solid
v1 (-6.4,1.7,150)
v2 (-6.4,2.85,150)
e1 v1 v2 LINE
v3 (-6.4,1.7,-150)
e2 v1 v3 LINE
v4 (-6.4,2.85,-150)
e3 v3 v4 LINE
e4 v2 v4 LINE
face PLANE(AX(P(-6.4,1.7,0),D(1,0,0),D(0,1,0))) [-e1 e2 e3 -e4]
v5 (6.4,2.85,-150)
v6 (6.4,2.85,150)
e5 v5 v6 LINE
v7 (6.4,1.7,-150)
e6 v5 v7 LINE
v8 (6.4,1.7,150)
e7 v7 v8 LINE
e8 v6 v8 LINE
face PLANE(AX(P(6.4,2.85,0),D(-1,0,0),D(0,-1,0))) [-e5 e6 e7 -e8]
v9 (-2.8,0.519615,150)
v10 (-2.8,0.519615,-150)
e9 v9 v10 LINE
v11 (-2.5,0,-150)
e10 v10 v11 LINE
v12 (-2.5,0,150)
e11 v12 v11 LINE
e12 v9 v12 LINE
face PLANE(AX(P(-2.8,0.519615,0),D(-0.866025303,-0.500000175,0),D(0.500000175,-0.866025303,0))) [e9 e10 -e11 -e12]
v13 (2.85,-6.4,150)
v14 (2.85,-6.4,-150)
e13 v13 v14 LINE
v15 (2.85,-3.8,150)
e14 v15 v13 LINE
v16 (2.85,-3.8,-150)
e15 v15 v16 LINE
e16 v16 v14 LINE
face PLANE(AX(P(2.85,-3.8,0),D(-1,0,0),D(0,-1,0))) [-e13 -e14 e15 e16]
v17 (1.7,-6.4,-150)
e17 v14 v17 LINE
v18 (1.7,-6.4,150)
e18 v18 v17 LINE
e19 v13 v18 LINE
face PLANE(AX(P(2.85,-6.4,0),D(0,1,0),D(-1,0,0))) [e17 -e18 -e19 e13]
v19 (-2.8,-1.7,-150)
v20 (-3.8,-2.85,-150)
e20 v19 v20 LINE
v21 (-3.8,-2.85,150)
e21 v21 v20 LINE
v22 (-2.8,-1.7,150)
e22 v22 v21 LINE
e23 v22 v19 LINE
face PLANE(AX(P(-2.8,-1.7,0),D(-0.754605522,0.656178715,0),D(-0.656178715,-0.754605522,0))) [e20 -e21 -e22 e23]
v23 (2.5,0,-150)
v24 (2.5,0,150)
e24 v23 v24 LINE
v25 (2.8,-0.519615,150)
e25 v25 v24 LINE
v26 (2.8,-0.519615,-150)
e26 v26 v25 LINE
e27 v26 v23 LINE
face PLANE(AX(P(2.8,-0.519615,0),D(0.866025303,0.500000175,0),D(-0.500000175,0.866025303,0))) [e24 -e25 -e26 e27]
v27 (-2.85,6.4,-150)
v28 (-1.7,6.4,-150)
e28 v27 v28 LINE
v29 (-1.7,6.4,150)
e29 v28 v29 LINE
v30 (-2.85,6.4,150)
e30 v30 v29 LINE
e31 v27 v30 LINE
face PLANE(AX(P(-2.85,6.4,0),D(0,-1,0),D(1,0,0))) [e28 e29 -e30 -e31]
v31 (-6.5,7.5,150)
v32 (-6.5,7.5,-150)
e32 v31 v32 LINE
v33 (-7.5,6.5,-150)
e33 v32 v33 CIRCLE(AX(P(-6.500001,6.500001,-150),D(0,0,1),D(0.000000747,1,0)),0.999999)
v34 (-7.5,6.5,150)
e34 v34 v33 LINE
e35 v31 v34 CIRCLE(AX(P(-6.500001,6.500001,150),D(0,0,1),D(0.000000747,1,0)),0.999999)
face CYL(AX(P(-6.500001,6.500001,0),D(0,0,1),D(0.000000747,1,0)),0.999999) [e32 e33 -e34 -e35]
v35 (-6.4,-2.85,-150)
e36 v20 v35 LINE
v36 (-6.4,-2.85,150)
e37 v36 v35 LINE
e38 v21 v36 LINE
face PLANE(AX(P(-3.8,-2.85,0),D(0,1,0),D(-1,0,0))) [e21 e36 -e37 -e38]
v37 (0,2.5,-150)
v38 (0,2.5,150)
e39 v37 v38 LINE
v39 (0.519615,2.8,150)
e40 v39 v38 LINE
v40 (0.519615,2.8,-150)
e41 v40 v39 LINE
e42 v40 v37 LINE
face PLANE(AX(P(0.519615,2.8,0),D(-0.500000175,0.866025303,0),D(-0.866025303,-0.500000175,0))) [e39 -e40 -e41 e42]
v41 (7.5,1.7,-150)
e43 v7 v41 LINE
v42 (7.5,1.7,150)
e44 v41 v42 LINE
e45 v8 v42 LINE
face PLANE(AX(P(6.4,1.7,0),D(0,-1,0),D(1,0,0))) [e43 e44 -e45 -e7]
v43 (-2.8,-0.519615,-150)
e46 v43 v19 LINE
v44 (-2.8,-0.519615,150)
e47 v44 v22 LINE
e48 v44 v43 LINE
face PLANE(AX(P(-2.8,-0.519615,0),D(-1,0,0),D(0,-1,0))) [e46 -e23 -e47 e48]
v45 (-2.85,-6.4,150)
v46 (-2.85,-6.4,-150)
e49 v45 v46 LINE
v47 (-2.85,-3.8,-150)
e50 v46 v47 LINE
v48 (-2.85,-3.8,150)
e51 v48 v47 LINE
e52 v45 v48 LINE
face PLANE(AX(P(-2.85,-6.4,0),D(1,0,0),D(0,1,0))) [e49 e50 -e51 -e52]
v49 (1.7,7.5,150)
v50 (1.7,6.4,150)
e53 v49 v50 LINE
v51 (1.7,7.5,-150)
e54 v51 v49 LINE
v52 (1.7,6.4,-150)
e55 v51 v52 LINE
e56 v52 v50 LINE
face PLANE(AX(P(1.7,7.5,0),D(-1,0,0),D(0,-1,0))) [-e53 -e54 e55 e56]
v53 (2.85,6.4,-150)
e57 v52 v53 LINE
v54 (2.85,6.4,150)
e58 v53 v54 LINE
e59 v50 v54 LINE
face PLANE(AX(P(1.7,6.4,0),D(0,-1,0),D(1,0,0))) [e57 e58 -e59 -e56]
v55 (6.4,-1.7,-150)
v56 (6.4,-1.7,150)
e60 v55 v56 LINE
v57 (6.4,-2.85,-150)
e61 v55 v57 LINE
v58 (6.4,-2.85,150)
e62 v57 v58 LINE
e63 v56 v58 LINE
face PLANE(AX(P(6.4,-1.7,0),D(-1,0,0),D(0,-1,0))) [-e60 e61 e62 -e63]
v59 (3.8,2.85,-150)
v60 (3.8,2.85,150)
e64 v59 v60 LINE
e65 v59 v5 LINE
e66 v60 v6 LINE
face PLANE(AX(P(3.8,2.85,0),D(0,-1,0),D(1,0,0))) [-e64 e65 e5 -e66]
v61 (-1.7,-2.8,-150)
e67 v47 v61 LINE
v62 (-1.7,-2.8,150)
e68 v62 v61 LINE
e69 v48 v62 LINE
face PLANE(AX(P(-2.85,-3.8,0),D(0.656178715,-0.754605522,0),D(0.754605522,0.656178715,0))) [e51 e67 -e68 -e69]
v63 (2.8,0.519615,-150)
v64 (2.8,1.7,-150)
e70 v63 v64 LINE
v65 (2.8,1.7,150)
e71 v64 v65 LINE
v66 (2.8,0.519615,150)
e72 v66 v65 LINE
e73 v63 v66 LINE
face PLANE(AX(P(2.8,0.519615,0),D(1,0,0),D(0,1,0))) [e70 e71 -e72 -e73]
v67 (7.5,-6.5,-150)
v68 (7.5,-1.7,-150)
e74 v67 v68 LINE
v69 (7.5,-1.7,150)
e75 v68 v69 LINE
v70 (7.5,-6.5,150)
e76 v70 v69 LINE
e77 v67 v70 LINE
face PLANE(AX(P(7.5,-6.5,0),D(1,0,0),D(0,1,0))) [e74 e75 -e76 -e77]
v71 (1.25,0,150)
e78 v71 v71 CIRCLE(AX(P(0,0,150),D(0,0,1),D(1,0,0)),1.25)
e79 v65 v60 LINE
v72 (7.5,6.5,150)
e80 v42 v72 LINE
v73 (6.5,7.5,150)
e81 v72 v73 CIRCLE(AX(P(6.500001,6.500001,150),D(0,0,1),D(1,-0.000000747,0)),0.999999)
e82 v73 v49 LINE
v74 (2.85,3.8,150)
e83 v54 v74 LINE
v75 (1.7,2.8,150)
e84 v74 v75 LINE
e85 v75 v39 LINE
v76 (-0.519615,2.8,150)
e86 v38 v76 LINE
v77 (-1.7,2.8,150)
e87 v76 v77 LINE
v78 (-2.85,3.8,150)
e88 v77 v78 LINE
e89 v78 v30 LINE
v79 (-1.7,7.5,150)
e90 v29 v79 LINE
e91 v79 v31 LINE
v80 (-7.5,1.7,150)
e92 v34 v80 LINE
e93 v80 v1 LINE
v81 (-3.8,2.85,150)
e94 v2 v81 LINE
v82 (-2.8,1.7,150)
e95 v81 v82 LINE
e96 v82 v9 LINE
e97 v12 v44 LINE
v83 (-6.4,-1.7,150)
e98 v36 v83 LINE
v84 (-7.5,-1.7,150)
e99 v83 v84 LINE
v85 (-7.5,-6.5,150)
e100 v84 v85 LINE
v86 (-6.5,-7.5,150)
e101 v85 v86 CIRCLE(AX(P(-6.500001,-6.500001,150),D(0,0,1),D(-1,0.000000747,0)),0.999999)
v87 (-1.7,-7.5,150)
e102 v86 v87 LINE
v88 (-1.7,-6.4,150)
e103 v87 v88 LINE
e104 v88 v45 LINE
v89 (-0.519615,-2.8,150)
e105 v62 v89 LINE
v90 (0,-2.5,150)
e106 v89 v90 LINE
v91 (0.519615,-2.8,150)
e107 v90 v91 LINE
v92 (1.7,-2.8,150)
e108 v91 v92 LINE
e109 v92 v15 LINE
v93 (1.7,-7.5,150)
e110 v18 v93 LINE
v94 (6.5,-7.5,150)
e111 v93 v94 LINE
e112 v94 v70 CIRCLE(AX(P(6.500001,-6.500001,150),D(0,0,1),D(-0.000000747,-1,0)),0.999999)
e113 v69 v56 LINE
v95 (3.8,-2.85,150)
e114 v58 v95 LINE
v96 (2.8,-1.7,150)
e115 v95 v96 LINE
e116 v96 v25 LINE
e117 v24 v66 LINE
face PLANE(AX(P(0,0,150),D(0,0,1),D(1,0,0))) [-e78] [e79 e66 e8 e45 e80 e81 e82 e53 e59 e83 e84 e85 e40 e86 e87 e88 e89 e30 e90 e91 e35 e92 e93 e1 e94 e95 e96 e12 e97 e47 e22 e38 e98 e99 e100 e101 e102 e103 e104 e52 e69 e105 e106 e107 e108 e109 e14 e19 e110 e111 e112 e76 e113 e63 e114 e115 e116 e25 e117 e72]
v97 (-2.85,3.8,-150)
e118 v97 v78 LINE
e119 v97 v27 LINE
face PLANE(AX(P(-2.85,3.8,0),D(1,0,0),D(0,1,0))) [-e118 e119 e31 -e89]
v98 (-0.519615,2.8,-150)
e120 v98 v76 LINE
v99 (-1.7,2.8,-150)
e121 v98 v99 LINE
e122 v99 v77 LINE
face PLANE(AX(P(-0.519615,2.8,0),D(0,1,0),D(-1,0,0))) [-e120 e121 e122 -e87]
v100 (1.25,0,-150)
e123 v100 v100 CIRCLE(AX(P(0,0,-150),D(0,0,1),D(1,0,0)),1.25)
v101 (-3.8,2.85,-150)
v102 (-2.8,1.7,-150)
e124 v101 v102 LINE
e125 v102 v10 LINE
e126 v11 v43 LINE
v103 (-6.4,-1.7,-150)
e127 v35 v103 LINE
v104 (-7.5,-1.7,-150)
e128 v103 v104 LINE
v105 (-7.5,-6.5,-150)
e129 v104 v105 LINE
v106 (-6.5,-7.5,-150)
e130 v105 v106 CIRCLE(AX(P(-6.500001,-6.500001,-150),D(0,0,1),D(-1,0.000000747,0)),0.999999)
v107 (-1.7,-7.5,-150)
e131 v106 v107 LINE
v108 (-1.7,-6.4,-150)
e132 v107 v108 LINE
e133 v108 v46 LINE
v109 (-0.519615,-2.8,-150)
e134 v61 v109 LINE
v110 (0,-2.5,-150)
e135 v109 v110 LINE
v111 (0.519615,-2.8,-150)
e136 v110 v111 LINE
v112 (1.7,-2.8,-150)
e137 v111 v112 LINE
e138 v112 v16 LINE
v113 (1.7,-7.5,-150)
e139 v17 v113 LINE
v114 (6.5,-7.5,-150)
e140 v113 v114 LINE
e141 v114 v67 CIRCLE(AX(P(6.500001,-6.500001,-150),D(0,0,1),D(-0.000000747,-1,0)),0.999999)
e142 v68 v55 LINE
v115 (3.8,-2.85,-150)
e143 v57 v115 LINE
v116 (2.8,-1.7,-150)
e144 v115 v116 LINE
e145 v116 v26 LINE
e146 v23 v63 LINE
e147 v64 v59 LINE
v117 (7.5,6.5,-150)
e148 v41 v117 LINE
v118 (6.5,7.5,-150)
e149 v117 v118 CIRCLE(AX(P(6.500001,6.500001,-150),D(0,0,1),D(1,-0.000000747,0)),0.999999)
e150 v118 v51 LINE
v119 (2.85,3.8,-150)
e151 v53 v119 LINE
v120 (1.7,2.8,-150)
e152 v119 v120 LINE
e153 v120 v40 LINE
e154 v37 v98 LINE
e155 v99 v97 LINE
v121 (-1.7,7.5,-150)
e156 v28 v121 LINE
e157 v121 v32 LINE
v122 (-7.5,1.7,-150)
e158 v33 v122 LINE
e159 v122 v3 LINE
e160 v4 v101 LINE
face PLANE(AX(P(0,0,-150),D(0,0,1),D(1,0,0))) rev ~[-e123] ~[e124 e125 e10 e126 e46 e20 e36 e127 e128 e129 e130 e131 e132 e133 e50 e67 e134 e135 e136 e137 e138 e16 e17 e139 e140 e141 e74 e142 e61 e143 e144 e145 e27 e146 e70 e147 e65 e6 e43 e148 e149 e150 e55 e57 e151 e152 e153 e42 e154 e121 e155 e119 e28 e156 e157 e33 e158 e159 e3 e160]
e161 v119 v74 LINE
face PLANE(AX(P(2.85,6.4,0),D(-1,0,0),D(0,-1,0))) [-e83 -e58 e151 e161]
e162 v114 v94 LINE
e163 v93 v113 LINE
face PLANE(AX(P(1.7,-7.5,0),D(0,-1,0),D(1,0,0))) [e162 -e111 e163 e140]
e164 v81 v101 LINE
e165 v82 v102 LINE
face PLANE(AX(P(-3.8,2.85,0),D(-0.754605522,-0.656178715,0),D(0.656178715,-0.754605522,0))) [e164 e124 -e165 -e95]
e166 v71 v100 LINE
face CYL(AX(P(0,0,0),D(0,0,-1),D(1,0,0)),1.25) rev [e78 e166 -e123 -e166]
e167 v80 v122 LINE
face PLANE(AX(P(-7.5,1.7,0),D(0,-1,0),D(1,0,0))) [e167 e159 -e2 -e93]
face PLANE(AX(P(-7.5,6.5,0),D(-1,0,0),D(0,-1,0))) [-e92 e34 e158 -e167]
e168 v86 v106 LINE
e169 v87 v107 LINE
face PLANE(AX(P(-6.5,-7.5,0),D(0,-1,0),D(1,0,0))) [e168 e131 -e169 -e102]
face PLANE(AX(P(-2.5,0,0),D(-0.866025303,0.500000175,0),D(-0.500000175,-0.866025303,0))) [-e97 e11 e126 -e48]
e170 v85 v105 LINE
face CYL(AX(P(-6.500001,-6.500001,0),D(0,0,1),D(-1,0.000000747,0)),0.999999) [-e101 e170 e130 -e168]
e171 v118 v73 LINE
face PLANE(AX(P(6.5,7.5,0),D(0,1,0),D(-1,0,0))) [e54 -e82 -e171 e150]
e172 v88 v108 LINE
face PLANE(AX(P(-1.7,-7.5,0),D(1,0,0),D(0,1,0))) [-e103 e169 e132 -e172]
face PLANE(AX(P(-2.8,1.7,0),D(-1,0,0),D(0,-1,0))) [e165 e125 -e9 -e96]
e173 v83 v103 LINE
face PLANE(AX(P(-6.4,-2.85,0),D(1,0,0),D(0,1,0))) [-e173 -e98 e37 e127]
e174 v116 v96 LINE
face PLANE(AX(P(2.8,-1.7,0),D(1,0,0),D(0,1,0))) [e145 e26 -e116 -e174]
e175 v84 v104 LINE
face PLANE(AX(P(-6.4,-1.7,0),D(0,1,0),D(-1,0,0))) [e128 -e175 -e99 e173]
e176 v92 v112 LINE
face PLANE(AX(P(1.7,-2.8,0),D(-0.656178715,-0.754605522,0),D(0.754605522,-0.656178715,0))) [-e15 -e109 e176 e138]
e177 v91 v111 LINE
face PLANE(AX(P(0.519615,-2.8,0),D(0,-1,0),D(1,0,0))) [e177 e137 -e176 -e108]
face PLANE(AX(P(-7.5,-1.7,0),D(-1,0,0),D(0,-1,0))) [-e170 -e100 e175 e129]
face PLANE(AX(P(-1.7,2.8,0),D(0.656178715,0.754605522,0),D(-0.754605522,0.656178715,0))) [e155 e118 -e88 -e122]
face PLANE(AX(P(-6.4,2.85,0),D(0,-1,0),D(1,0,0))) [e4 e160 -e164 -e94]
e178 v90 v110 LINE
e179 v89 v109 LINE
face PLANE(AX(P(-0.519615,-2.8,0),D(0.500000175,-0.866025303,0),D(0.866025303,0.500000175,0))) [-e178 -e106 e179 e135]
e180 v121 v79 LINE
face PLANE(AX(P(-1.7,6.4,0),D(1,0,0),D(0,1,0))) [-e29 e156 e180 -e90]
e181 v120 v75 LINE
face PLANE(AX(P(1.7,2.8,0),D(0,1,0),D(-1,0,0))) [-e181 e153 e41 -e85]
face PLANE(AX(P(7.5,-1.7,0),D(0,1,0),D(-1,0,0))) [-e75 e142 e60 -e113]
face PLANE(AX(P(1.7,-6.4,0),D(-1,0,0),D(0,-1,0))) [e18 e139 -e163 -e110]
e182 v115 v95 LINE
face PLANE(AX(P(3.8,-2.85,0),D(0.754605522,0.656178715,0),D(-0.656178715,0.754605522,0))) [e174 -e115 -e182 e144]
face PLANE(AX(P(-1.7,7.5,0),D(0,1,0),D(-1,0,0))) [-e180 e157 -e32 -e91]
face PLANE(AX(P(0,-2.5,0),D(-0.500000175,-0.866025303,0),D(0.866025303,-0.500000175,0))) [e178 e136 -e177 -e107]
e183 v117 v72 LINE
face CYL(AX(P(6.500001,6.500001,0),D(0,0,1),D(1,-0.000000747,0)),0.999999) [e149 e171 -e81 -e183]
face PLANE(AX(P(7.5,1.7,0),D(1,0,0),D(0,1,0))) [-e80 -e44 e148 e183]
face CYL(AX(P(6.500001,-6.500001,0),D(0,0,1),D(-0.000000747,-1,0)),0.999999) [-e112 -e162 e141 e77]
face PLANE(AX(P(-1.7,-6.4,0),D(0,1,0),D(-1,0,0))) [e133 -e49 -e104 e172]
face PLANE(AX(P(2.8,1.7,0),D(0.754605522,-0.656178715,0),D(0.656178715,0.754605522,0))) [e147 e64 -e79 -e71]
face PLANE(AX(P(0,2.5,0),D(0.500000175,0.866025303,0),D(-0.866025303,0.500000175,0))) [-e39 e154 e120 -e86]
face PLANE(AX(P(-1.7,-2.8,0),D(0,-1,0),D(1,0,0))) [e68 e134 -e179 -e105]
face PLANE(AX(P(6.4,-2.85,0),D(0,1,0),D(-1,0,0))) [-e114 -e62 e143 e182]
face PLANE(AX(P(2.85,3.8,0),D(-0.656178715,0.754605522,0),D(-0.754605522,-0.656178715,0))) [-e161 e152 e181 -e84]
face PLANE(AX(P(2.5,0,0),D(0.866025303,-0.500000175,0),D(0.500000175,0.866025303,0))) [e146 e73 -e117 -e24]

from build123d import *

# Parameters (mm, degrees)
F0_R     = 1.25
F1_DEPTH = 150


with BuildPart() as f1:
    # F0 (on Top) → F1 (new body, symmetric)
    with BuildSketch(Plane.XY):
        with BuildLine():
            Line((1.7, -7.5), (6.5, -7.5))
            ThreePointArc((6.5, -7.5), (7.207107, -7.207107), (7.5, -6.5))
            Line((7.5, -6.5), (7.5, -1.7))
            Line((7.5, -1.7), (6.4, -1.7))
            Line((6.4, -1.7), (6.4, -2.85))
            Line((6.4, -2.85), (3.8, -2.85))
            Line((3.8, -2.85), (2.8, -1.7))
            Line((2.8, -1.7), (2.8, -0.519615))
            Line((2.8, -0.519615), (2.5, 0))
            Line((2.5, 0), (2.8, 0.519615))
            Line((2.8, 0.519615), (2.8, 1.7))
            Line((2.8, 1.7), (3.8, 2.85))
            Line((3.8, 2.85), (6.4, 2.85))
            Line((6.4, 2.85), (6.4, 1.7))
            Line((6.4, 1.7), (7.5, 1.7))
            Line((7.5, 1.7), (7.5, 6.5))
            ThreePointArc((7.5, 6.5), (7.207107, 7.207107), (6.5, 7.5))
            Line((6.5, 7.5), (1.7, 7.5))
            Line((1.7, 7.5), (1.7, 6.4))
            Line((1.7, 6.4), (2.85, 6.4))
            Line((2.85, 6.4), (2.85, 3.8))
            Line((2.85, 3.8), (1.7, 2.8))
            Line((1.7, 2.8), (0.519615, 2.8))
            Line((0.519615, 2.8), (0, 2.5))
            Line((0, 2.5), (-0.519615, 2.8))
            Line((-0.519615, 2.8), (-1.7, 2.8))
            Line((-1.7, 2.8), (-2.85, 3.8))
            Line((-2.85, 3.8), (-2.85, 6.4))
            Line((-2.85, 6.4), (-1.7, 6.4))
            Line((-1.7, 6.4), (-1.7, 7.5))
            Line((-1.7, 7.5), (-6.5, 7.5))
            ThreePointArc((-6.5, 7.5), (-7.207107, 7.207107), (-7.5, 6.5))
            Line((-7.5, 6.5), (-7.5, 1.7))
            Line((-7.5, 1.7), (-6.4, 1.7))
            Line((-6.4, 1.7), (-6.4, 2.85))
            Line((-6.4, 2.85), (-3.8, 2.85))
            Line((-3.8, 2.85), (-2.8, 1.7))
            Line((-2.8, 1.7), (-2.8, 0.519615))
            Line((-2.8, 0.519615), (-2.5, 0))
            Line((-2.5, 0), (-2.8, -0.519615))
            Line((-2.8, -0.519615), (-2.8, -1.7))
            Line((-2.8, -1.7), (-3.8, -2.85))
            Line((-3.8, -2.85), (-6.4, -2.85))
            Line((-6.4, -2.85), (-6.4, -1.7))
            Line((-6.4, -1.7), (-7.5, -1.7))
            Line((-7.5, -1.7), (-7.5, -6.5))
            ThreePointArc((-7.5, -6.5), (-7.207107, -7.207107), (-6.5, -7.5))
            Line((-6.5, -7.5), (-1.7, -7.5))
            Line((-1.7, -7.5), (-1.7, -6.4))
            Line((-1.7, -6.4), (-2.85, -6.4))
            Line((-2.85, -6.4), (-2.85, -3.8))
            Line((-2.85, -3.8), (-1.7, -2.8))
            Line((-1.7, -2.8), (-0.519615, -2.8))
            Line((-0.519615, -2.8), (0, -2.5))
            Line((0, -2.5), (0.519615, -2.8))
            Line((0.519615, -2.8), (1.7, -2.8))
            Line((1.7, -2.8), (2.85, -3.8))
            Line((2.85, -3.8), (2.85, -6.4))
            Line((2.85, -6.4), (1.7, -6.4))
            Line((1.7, -6.4), (1.7, -7.5))
        make_face()
        Circle(F0_R, mode=Mode.SUBTRACT)
    extrude(amount=F1_DEPTH, both=True)


solid = f1.part
